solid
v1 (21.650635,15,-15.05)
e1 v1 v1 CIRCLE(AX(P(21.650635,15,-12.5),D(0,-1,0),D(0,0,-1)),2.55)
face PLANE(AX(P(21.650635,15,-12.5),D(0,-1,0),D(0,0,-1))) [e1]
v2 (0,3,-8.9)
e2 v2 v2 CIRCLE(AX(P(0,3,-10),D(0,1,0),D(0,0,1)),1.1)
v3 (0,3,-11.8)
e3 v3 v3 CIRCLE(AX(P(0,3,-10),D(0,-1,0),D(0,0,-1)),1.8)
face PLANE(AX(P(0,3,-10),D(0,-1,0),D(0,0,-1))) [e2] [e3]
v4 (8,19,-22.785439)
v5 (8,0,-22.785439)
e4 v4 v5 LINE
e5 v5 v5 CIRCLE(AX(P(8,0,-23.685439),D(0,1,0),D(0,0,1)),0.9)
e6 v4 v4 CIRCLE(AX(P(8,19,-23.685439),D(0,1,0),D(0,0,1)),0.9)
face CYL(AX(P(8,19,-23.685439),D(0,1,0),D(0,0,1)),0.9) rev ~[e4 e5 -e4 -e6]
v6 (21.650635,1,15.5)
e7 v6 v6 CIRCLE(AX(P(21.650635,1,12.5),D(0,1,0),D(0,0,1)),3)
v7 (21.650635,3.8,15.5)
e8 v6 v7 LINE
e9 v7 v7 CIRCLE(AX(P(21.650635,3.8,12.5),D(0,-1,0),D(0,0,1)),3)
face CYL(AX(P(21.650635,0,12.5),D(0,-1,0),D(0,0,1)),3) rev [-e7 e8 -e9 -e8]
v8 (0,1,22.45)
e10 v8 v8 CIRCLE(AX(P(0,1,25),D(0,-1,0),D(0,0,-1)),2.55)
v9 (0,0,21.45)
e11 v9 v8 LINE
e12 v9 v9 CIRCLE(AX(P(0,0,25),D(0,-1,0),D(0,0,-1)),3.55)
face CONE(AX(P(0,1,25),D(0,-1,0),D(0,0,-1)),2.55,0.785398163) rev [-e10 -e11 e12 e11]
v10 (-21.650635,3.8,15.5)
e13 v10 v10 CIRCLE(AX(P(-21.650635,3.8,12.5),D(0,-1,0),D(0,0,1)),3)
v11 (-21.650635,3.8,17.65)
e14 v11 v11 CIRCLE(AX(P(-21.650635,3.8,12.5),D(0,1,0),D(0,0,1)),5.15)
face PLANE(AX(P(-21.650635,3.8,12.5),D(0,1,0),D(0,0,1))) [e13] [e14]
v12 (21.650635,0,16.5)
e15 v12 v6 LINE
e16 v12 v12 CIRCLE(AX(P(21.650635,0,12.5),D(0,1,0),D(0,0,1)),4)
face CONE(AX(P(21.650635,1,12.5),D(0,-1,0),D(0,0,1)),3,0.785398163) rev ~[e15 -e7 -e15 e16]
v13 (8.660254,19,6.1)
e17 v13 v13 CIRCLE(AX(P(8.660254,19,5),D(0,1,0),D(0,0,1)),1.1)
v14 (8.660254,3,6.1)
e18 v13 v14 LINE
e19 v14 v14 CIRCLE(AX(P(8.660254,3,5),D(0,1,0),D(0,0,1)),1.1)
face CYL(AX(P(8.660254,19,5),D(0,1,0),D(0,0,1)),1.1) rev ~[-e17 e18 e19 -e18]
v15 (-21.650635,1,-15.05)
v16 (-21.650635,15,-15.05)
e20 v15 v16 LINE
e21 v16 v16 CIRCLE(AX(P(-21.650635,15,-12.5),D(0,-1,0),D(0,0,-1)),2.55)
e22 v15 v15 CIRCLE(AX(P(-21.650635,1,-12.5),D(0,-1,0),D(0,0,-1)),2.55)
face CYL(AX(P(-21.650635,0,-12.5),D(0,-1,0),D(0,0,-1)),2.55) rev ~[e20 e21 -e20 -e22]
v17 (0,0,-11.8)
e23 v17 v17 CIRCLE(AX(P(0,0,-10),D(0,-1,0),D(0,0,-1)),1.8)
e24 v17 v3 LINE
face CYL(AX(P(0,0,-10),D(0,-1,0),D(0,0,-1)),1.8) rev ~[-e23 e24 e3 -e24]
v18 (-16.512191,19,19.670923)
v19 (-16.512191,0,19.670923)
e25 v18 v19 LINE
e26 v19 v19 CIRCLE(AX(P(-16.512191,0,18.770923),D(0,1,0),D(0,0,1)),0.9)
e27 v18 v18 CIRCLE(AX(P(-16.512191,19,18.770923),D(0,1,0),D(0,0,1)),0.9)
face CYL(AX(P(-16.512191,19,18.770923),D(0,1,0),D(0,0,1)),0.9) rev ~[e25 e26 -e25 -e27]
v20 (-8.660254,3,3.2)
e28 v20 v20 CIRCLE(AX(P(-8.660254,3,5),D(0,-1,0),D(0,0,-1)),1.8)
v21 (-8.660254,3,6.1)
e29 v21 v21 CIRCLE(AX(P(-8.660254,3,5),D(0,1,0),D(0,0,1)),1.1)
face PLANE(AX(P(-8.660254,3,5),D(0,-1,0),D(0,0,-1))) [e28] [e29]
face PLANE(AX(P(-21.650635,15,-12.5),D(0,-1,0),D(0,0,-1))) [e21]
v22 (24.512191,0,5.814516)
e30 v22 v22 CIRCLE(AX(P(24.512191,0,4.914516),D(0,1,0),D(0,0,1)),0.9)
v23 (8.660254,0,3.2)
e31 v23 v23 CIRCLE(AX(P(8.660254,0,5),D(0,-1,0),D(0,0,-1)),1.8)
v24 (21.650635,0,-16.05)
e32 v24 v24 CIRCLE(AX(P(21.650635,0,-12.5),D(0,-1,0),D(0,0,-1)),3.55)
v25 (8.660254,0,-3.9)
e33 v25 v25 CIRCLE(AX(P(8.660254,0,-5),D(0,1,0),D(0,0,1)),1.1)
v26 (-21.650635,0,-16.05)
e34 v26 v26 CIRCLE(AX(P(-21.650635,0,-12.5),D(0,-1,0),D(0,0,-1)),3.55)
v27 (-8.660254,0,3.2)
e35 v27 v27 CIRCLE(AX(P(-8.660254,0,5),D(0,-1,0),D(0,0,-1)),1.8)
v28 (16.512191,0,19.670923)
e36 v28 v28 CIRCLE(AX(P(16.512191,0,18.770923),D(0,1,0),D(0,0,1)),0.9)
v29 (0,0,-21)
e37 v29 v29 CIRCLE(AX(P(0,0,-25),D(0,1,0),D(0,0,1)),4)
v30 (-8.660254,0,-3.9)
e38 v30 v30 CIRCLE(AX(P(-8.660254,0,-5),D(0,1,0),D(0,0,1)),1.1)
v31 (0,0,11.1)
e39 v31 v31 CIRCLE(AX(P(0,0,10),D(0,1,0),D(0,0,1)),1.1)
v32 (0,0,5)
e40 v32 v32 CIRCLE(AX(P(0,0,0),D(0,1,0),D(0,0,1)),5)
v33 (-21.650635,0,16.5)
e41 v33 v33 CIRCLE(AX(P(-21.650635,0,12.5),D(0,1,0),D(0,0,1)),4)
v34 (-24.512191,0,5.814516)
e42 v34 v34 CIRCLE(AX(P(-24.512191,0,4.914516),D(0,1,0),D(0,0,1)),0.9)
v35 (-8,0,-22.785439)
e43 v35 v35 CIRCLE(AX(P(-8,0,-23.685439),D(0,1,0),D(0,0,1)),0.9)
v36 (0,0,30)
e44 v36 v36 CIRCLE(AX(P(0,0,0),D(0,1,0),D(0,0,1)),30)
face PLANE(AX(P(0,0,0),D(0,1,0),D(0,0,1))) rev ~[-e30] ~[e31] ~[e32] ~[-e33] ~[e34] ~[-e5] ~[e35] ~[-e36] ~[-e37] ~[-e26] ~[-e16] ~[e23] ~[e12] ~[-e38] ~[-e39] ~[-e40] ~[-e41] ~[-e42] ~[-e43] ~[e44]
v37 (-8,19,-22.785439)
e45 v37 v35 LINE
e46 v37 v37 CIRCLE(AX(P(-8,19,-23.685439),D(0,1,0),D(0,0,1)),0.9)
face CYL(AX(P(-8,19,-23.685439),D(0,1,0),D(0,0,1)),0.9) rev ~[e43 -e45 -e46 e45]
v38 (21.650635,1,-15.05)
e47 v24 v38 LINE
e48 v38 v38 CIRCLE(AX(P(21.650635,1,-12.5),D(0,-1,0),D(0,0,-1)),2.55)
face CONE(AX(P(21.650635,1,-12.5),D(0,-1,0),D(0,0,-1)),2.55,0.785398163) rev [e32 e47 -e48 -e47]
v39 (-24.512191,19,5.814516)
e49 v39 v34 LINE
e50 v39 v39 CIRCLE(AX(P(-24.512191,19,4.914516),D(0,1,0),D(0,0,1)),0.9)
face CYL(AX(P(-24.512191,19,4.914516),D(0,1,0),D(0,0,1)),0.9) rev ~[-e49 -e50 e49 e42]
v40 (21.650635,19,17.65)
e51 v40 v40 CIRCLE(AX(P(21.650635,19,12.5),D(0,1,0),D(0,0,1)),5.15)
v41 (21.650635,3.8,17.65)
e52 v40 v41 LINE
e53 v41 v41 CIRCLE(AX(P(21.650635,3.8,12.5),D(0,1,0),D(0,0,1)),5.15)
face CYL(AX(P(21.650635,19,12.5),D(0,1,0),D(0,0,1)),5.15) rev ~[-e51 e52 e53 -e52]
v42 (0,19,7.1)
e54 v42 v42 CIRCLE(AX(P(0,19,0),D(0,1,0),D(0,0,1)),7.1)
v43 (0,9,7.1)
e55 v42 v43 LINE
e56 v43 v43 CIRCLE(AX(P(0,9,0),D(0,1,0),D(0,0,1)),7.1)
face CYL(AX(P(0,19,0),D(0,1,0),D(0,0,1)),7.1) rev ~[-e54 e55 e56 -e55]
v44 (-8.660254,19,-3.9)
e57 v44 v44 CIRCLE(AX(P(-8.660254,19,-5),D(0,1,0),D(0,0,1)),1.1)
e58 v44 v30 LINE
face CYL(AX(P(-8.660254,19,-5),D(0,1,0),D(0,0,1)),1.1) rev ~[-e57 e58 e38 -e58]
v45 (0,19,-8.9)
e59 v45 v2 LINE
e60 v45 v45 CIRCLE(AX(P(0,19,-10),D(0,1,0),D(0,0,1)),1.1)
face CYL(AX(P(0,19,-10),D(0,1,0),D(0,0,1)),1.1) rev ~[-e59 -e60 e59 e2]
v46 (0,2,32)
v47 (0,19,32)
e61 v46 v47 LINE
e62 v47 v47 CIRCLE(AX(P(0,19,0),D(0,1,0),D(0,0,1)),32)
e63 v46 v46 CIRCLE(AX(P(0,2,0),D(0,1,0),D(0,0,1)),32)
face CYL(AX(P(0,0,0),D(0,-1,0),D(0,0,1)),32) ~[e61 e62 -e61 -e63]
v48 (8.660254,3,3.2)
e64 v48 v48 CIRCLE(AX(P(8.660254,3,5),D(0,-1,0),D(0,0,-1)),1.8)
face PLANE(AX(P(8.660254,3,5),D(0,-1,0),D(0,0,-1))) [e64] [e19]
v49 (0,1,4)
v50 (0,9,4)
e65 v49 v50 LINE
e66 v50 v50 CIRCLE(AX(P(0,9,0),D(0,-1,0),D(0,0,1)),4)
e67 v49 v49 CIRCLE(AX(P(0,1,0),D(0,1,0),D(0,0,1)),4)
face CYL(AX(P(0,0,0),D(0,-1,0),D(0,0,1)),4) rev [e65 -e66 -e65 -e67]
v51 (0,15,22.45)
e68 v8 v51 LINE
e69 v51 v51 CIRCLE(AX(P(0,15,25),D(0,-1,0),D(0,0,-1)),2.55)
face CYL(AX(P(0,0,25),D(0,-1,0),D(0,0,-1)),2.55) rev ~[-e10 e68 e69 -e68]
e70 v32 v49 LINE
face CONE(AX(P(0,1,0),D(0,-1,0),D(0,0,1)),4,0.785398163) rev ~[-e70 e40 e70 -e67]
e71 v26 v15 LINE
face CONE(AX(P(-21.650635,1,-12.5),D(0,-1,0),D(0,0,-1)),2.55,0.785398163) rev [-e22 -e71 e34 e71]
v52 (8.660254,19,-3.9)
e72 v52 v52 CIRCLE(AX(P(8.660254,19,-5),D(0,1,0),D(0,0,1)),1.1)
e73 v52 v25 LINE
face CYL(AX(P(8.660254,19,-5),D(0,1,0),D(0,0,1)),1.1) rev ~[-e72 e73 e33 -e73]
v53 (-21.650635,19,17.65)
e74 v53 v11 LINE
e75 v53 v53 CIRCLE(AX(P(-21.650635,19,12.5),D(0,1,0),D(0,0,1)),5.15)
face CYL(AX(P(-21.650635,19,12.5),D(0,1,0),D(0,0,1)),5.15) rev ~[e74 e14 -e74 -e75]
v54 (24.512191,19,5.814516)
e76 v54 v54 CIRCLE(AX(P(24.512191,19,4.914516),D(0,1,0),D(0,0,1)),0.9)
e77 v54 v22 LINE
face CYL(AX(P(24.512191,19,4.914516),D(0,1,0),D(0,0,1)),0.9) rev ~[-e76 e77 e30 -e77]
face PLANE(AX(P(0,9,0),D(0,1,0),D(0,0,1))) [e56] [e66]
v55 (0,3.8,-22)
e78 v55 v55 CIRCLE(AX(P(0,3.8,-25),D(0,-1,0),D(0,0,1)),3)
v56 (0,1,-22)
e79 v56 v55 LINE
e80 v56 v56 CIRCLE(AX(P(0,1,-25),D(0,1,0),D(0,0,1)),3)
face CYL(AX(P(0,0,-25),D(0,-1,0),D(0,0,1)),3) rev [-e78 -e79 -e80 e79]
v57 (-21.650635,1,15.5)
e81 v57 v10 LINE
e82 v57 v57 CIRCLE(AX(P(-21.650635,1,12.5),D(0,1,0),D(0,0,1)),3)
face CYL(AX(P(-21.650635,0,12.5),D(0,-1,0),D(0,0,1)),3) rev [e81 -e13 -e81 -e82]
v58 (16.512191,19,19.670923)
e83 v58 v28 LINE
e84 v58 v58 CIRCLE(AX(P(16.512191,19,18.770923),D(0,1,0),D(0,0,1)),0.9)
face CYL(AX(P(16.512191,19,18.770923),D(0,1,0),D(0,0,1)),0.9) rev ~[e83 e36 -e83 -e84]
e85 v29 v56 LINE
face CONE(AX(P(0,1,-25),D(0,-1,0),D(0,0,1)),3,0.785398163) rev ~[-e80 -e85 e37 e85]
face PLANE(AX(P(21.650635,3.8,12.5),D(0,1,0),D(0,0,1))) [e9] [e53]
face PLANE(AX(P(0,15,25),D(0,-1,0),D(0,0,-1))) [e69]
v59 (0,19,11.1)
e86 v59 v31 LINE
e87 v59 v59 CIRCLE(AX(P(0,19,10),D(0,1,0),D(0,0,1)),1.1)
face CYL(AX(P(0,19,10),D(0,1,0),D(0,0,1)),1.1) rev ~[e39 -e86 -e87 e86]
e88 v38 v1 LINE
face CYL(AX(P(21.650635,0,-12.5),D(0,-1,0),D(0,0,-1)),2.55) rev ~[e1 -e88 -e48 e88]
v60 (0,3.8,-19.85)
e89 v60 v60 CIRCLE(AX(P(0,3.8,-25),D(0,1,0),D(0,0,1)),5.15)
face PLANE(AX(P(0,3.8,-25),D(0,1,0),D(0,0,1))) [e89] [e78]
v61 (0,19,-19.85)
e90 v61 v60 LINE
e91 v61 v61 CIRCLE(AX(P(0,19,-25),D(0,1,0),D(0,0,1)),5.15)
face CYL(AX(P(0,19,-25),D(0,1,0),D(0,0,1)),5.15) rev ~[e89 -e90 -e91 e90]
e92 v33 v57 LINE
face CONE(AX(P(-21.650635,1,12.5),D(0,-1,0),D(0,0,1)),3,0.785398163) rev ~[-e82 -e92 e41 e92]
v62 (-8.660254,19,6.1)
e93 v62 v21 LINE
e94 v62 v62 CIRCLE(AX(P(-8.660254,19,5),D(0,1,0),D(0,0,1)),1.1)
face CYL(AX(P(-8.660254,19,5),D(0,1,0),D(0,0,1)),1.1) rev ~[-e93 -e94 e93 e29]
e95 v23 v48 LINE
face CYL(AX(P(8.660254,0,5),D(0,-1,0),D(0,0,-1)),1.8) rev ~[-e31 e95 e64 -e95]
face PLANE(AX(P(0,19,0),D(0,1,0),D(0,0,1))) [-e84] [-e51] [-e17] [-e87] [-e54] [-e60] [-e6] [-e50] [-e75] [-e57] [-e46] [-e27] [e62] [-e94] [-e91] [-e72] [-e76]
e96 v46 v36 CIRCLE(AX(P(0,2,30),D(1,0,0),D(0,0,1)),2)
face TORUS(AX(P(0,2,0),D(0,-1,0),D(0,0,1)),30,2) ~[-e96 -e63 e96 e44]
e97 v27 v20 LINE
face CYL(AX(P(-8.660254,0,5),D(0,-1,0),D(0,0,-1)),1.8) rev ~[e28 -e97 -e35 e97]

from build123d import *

# Parameters (mm, degrees)
SKETCH_1_R          = 32
SKETCH_1_R_2        = 4
SKETCH_1_R_3        = 3
EXTRUDE_1_DEPTH     = 19
FILLET_1_R          = 2
SKETCH_2_R          = 5.15
CUT_EXTRUDE_1_DEPTH = 15.2
SKETCH_3_R          = 2.55
CUT_EXTRUDE_2_DEPTH = 15
SKETCH_4_R          = 1.1
CUT_EXTRUDE_3_DEPTH = 50.081564832
SKETCH_7_R          = 1.8
CUT_EXTRUDE_5_DEPTH = 3
CHAMFER_1_SIZE      = 1
SKETCH_8_R          = 7.1
CUT_EXTRUDE_6_DEPTH = 10
SKETCH_9_R          = 0.9
CUT_EXTRUDE_7_DEPTH = 50.081564832


with BuildPart() as part:
    # Эскиз1 → Бобышка-Вытянуть1 (new body)
    with BuildSketch(Plane(origin=(0, 0, 0), x_dir=(1, 0, 0), z_dir=(0, 1, 0))):
        with Locations(Location((0, 0, 0), (0, 0, 270))):
            Circle(SKETCH_1_R)
        with Locations(Location((0, 0, 0), (0, 0, 270))):
            Circle(SKETCH_1_R_2, mode=Mode.SUBTRACT)
        with Locations(Location((0, 25, 0), (0, 0, 270))):
            Circle(SKETCH_1_R_3, mode=Mode.SUBTRACT)
        with Locations(Location((21.650635095, -12.5, 0), (0, 0, 270))):
            Circle(SKETCH_1_R_3, mode=Mode.SUBTRACT)
        with Locations(Location((-21.650635095, -12.5, 0), (0, 0, 270))):
            Circle(SKETCH_1_R_3, mode=Mode.SUBTRACT)
    extrude(amount=EXTRUDE_1_DEPTH)

    # Скругление1
    fillet_1_edges = [part.edges().sort_by_distance(p)[0] for p in [
        (0, 0, -32),
    ]]
    fillet(fillet_1_edges, radius=FILLET_1_R)

    # Эскиз2 → Вырез-Вытянуть1 (cut)
    with BuildSketch(Plane(origin=(0, 19, 0), x_dir=(1, 0, 0), z_dir=(0, 1, 0))):
        with Locations(Location((0, 25, 0), (0, 0, 270))):
            Circle(SKETCH_2_R)
        with Locations(Location((21.650635095, -12.5, 0), (0, 0, 270))):
            Circle(SKETCH_2_R)
        with Locations(Location((-21.650635095, -12.5, 0), (0, 0, 270))):
            Circle(SKETCH_2_R)
    extrude(amount=-CUT_EXTRUDE_1_DEPTH, mode=Mode.SUBTRACT)

    # Эскиз3 → Вырез-Вытянуть2 (cut)
    with BuildSketch(Plane.XZ):
        with Locations(Location((0, 25, 0), (0, 0, 270))):
            Circle(SKETCH_3_R)
        with Locations(Location((21.650635095, -12.5, 0), (0, 0, 270))):
            Circle(SKETCH_3_R)
        with Locations(Location((-21.650635095, -12.5, 0), (0, 0, 270))):
            Circle(SKETCH_3_R)
    extrude(amount=-CUT_EXTRUDE_2_DEPTH, mode=Mode.SUBTRACT)

    # Эскиз4 → Вырез-Вытянуть3 (cut, through all)
    with BuildSketch(Plane(origin=(0, 19, 0), x_dir=(1, 0, 0), z_dir=(0, 1, 0))):
        with Locations(Location((0, 10, 0), (0, 0, 270))):
            Circle(SKETCH_4_R)
        with Locations(Location((8.660254038, 5, 0), (0, 0, 270))):
            Circle(SKETCH_4_R)
        with Locations(Location((8.660254038, -5, 0), (0, 0, 270))):
            Circle(SKETCH_4_R)
        with Locations(Location((0, -10, 0), (0, 0, 270))):
            Circle(SKETCH_4_R)
        with Locations(Location((-8.660254038, -5, 0), (0, 0, 270))):
            Circle(SKETCH_4_R)
        with Locations(Location((-8.660254038, 5, 0), (0, 0, 270))):
            Circle(SKETCH_4_R)
    extrude(amount=-CUT_EXTRUDE_3_DEPTH, mode=Mode.SUBTRACT)

    # Эскиз7 → Вырез-Вытянуть5 (cut)
    with BuildSketch(Plane.XZ):
        with Locations(Location((8.660254038, 5, 0), (0, 0, 270))):
            Circle(SKETCH_7_R)
        with Locations(Location((0, -10, 0), (0, 0, 270))):
            Circle(SKETCH_7_R)
        with Locations(Location((-8.660254038, 5, 0), (0, 0, 270))):
            Circle(SKETCH_7_R)
    extrude(amount=-CUT_EXTRUDE_5_DEPTH, mode=Mode.SUBTRACT)

    # Фаска1
    chamfer_1_edges = [part.edges().sort_by_distance(p)[0] for p in [
        (21.650635095, 0, 9.5),
        (-21.650635095, 0, 9.5),
        (0, 0, 27.55),
        (21.650635095, 0, -9.95),
        (-21.650635095, 0, -9.95),
        (0, 0, -4),
        (0, 0, -28),
    ]]
    chamfer(chamfer_1_edges, length=CHAMFER_1_SIZE)

    # Эскиз8 → Вырез-Вытянуть6 (cut)
    with BuildSketch(Plane(origin=(0, 19, 0), x_dir=(1, 0, 0), z_dir=(0, 1, 0))):
        with Locations(Location((0, 0, 0), (0, 0, 270))):
            Circle(SKETCH_8_R)
    extrude(amount=-CUT_EXTRUDE_6_DEPTH, mode=Mode.SUBTRACT)

    # Эскиз9 → Вырез-Вытянуть7 (cut, through all)
    with BuildSketch(Plane(origin=(0, 19, 0), x_dir=(1, 0, 0), z_dir=(0, 1, 0))):
        with Locations(Location((-8, 23.685438565, 0), (0, 0, 270))):
            Circle(SKETCH_9_R)
        with Locations(Location((8, 23.685438565, 0), (0, 0, 270))):
            Circle(SKETCH_9_R)
        with Locations(Location((16.512191497, -18.770922513, 0), (0, 0, 270))):
            Circle(SKETCH_9_R)
        with Locations(Location((24.512191497, -4.914516052, 0), (0, 0, 270))):
            Circle(SKETCH_9_R)
        with Locations(Location((-24.512191497, -4.914516052, 0), (0, 0, 270))):
            Circle(SKETCH_9_R)
        with Locations(Location((-16.512191497, -18.770922513, 0), (0, 0, 270))):
            Circle(SKETCH_9_R)
    extrude(amount=-CUT_EXTRUDE_7_DEPTH, mode=Mode.SUBTRACT)


solid = part.part
